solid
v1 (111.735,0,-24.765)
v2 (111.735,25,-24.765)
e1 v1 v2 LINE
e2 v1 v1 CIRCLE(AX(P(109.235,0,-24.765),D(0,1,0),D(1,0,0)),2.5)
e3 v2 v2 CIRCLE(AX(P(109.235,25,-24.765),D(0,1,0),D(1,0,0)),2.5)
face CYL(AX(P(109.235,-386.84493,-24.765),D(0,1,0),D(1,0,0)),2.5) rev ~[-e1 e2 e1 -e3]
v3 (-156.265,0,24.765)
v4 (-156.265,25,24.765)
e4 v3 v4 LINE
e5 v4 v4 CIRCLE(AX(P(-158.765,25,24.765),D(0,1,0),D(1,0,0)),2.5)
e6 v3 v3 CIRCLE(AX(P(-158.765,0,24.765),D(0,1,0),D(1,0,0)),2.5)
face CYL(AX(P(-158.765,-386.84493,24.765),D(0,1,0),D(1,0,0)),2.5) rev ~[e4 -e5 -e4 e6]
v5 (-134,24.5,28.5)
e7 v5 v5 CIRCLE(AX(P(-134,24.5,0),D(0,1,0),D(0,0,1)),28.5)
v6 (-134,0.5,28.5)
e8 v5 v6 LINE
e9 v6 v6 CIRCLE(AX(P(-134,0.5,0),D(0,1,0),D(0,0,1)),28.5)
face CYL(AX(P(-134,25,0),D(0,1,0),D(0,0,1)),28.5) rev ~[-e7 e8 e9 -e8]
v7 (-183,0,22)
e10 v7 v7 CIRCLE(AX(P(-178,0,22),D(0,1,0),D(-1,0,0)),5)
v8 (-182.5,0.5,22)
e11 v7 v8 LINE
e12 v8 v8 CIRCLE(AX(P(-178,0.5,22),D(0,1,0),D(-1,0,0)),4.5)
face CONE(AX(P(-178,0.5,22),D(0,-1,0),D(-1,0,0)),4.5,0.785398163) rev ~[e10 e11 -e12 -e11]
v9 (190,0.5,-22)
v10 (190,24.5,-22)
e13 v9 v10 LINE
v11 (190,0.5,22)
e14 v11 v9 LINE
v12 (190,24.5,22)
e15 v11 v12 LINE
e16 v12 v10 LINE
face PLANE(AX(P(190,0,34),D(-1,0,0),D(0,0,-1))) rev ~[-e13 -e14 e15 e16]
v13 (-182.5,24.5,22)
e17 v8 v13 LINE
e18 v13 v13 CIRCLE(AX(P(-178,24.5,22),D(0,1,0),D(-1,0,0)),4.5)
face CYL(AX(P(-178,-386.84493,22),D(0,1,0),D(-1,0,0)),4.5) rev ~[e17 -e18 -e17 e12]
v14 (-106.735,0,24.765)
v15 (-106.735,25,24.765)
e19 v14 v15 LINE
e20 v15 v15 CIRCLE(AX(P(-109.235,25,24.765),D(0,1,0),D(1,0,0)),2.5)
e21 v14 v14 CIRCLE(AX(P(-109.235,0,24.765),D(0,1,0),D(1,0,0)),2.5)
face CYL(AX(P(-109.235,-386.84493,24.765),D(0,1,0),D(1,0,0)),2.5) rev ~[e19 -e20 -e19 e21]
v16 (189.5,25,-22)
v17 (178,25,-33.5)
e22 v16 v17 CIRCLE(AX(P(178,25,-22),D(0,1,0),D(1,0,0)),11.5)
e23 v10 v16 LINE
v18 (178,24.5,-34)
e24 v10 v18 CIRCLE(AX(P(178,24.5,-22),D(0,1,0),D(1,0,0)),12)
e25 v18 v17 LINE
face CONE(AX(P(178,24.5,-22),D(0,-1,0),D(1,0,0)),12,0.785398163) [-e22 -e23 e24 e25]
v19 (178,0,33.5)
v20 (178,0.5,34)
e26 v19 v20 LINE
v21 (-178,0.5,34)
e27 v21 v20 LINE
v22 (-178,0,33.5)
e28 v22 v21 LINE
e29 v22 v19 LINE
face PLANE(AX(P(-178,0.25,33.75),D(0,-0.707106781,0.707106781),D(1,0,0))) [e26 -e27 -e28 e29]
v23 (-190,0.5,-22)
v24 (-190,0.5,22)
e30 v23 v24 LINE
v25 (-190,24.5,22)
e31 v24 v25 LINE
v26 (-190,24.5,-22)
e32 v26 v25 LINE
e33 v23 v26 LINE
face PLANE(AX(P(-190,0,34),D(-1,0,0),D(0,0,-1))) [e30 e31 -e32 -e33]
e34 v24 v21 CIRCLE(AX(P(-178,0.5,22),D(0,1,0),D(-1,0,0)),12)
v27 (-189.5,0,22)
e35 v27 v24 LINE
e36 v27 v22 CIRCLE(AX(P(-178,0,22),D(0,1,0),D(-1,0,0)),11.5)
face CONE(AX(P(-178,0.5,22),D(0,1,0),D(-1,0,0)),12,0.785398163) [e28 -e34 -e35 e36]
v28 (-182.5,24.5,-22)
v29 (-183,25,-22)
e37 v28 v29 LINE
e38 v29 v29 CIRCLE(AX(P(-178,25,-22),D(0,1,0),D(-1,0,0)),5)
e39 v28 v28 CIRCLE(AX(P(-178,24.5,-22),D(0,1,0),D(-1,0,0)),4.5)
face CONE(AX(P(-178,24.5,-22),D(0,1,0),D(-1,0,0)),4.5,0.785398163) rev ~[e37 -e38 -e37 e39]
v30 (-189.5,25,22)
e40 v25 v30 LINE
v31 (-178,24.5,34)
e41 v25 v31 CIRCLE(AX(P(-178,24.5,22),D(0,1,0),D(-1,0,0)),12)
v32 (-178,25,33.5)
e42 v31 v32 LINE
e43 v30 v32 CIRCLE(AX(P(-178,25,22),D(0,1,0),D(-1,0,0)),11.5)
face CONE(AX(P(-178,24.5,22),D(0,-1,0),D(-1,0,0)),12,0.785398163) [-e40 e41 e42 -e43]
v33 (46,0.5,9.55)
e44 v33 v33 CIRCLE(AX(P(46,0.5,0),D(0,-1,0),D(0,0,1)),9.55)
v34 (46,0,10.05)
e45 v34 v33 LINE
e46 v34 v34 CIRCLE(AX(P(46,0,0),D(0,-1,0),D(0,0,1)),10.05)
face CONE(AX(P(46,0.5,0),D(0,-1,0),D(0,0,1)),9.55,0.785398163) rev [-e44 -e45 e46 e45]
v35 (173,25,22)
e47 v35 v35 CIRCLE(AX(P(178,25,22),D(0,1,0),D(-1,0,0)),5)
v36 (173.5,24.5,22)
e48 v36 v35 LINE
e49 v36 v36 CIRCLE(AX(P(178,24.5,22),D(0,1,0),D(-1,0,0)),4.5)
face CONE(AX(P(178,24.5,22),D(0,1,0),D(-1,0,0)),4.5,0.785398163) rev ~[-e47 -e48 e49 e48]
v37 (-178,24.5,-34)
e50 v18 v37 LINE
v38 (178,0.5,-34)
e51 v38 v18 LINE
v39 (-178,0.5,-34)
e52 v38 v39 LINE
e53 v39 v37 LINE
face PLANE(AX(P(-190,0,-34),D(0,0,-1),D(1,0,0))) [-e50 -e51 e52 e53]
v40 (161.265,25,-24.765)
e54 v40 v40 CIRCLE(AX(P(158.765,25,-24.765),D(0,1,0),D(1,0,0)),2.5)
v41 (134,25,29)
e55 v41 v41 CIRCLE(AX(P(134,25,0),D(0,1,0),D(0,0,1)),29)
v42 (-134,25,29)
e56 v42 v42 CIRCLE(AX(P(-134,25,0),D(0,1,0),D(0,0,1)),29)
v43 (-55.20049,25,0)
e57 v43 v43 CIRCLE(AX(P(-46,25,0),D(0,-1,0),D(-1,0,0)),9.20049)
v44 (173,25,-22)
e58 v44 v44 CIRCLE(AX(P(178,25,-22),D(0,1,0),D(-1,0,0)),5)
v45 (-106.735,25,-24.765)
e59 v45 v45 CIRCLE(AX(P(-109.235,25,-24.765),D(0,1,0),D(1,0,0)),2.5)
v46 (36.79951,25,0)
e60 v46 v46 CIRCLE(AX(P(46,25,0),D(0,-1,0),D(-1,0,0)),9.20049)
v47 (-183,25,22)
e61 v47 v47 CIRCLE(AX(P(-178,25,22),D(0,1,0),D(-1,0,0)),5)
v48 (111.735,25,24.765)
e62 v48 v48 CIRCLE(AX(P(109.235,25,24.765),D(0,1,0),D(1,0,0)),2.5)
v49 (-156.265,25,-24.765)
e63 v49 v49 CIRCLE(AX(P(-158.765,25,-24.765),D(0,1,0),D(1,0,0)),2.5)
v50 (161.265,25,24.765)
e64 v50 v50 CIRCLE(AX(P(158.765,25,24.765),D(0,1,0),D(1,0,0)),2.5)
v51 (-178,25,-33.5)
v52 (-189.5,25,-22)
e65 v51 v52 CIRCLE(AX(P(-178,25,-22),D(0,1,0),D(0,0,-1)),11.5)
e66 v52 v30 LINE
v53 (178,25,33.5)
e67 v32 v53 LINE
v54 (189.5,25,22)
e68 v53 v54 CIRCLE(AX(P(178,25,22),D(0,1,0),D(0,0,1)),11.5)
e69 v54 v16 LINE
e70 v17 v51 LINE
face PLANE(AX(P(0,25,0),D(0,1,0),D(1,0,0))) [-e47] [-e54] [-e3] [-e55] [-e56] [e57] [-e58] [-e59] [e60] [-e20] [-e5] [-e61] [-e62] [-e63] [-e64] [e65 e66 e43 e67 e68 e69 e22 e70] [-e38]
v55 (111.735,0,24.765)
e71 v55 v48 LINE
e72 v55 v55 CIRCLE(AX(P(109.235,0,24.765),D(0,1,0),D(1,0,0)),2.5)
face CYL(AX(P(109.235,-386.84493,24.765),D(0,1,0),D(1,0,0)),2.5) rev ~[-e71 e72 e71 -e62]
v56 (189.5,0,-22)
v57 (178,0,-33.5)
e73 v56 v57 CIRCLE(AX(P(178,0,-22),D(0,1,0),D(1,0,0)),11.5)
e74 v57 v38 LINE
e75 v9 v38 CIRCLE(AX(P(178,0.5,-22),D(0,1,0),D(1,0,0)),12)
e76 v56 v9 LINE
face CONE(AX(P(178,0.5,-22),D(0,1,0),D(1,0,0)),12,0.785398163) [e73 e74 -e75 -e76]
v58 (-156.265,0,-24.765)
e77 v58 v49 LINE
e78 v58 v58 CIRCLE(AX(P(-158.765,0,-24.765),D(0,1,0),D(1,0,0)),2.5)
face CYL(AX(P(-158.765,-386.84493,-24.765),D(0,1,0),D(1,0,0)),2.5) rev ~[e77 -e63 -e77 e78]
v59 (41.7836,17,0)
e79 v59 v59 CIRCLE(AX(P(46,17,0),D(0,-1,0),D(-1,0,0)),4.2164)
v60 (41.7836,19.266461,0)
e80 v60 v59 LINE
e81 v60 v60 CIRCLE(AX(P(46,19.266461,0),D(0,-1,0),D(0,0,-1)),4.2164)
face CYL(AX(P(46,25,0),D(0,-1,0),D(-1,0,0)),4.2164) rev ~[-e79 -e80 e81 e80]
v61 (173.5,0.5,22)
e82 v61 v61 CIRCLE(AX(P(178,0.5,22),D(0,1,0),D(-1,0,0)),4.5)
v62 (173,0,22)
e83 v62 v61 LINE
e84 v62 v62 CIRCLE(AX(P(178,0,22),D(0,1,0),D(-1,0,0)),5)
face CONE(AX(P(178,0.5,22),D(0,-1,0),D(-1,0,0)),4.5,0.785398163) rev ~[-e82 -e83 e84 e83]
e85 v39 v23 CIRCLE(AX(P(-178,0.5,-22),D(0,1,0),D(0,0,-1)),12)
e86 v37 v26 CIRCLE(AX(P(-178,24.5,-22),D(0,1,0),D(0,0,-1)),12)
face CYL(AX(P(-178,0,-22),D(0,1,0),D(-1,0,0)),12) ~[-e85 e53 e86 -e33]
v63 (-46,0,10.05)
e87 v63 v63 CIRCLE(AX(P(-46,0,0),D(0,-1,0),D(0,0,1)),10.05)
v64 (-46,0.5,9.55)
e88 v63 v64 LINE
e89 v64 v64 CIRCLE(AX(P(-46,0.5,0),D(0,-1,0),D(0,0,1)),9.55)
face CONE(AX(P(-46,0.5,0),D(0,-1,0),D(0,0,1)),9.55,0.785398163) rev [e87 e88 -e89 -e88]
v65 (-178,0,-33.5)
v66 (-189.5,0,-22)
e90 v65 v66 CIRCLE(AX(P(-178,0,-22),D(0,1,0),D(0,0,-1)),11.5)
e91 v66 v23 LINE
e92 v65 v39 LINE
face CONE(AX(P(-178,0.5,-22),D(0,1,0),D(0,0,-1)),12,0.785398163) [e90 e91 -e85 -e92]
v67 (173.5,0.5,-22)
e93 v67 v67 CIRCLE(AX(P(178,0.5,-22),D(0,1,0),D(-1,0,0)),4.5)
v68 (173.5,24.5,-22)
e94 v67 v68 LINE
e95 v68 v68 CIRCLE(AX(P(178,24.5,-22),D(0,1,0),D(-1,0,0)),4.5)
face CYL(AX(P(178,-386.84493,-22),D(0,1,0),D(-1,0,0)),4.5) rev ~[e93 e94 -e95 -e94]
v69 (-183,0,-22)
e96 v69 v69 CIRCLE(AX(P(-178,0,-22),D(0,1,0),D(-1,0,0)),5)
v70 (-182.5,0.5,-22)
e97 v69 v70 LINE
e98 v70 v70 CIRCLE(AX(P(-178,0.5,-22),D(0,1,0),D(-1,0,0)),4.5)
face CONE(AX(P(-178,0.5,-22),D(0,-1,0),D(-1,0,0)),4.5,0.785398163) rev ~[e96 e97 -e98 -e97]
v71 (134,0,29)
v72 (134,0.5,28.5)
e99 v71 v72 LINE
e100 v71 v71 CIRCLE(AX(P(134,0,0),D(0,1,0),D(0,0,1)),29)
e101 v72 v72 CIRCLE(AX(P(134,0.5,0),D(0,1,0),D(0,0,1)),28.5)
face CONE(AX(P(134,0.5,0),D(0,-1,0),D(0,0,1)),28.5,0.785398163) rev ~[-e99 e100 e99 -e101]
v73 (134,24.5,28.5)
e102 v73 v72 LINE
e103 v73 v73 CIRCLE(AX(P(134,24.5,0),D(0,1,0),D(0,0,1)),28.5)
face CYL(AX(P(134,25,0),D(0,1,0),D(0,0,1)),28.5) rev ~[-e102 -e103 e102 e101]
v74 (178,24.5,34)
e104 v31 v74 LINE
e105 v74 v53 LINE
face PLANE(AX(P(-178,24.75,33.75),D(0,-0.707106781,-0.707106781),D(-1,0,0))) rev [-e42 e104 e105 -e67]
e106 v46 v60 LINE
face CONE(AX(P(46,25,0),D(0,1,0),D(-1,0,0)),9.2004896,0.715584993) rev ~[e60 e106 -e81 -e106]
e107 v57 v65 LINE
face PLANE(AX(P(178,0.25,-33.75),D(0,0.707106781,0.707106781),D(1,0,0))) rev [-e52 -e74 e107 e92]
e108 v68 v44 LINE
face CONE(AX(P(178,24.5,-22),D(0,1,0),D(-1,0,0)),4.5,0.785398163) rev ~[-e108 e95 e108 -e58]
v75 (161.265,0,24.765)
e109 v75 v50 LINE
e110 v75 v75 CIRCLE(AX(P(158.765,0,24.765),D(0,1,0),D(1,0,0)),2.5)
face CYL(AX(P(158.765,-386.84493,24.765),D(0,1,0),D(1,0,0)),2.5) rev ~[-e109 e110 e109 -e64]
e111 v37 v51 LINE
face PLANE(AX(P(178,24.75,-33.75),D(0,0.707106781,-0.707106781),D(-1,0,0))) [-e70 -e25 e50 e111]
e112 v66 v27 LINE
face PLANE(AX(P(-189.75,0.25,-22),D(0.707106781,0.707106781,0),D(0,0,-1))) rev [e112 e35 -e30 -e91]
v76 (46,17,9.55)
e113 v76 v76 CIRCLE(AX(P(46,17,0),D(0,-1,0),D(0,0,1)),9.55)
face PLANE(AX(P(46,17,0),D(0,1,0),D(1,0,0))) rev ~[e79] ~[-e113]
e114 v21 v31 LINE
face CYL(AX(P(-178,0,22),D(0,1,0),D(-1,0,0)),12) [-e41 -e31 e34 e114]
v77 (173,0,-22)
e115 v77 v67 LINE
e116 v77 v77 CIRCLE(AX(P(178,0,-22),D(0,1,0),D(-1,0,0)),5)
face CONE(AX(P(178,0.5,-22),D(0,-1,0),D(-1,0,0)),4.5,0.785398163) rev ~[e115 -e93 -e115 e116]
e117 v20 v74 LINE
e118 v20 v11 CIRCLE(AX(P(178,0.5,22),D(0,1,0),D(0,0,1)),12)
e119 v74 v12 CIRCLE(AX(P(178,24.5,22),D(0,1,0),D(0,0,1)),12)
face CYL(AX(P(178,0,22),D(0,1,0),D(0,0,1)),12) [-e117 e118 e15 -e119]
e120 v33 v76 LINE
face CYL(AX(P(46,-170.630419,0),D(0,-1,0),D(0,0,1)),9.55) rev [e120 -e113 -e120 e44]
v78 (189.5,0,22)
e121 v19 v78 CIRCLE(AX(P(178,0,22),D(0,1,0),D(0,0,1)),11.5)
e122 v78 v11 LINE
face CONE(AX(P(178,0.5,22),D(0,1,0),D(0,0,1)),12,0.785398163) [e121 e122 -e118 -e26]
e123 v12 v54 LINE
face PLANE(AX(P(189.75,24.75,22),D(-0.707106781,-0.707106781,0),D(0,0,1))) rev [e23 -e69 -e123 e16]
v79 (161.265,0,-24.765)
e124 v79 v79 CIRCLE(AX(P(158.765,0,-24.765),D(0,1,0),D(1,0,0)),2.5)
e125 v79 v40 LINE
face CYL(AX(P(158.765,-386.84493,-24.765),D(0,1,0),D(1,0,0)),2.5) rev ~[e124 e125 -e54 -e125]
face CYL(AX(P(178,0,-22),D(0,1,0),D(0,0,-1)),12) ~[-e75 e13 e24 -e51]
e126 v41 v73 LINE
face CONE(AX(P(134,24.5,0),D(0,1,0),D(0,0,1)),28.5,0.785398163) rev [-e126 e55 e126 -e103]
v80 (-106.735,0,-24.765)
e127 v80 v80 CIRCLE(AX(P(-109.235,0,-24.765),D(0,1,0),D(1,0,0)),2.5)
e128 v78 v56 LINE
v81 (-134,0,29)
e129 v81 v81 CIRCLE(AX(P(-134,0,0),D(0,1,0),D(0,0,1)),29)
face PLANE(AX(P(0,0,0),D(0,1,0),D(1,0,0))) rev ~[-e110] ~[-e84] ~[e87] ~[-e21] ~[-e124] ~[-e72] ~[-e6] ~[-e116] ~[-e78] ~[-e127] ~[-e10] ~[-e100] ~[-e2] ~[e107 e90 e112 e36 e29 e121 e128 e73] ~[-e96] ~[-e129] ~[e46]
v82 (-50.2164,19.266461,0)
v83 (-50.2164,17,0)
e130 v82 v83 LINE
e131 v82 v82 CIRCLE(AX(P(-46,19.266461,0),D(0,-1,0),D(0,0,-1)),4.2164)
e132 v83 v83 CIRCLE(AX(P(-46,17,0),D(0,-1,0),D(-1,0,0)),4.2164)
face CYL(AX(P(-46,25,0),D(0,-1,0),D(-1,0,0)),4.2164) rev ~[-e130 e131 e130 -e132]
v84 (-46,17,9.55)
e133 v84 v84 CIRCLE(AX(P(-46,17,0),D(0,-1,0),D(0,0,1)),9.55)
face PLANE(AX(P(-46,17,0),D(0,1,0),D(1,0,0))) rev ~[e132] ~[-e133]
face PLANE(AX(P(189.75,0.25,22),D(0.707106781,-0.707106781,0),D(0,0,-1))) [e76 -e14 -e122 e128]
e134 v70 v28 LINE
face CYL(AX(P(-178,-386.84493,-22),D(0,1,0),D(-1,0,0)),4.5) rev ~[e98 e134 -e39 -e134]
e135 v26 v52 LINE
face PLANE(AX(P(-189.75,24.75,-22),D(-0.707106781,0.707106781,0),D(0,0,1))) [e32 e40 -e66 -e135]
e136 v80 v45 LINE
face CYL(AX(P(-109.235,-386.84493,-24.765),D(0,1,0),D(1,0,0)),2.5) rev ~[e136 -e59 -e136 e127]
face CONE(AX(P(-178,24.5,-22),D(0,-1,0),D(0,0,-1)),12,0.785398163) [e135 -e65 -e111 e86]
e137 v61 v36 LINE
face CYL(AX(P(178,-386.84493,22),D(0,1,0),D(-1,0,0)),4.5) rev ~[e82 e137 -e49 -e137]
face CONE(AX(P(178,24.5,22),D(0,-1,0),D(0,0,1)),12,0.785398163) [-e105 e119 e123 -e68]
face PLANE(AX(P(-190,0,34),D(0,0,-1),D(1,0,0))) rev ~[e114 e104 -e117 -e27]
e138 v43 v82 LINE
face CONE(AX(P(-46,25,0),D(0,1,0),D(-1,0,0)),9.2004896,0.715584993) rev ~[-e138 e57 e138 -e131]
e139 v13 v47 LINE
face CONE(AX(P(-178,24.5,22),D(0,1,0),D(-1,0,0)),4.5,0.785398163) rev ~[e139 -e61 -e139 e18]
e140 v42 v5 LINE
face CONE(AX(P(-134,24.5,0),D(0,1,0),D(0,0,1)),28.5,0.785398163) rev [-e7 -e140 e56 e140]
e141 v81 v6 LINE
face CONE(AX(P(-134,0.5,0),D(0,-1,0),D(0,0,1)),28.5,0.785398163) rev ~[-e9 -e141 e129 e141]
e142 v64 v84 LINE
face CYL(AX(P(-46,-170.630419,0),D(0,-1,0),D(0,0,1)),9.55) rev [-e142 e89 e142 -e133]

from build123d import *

# Parameters (mm, degrees)
SKETCH1_W                                            = 380
SKETCH1_H                                            = 68
BOSS_EXTRUDE1_DEPTH                                  = 25
SKETCH2_R                                            = 28.5
CUT_EXTRUDE1_DEPTH                                   = 195.630419
CUT_EXTRUDE2_DEPTH                                   = 195.630419
CUT_EXTRUDE2_DEPTH_BACK                              = 195.630419
SKETCH4_R                                            = 9.55
CHAMFER1_SIZE                                        = 0.5
FILLET1_R                                            = 12
M8_CLEARANCE_HOLE1_D                                 = 9
CHAMFER2_SIZE                                        = 0.5
CHAMFER3_SIZE                                        = 0.5
M6X1_0_TAPPED_HOLE1_D                                = 5
SKETCH13_R                                           = 13.411040831
SKETCH13_R_2                                         = 14.724493856
BOSS_EXTRUDE3_DEPTH                                  = 8
CSK_FOR_5_16_FLAT_HEAD_SOCKET_CAP_SCREW1_D           = 8.4328
CSK_FOR_5_16_FLAT_HEAD_SOCKET_CAP_SCREW1_CSINK_D     = 18.4009792
CSK_FOR_5_16_FLAT_HEAD_SOCKET_CAP_SCREW1_CSINK_ANGLE = 82


with BuildPart() as part:
    # Sketch1 → Boss-Extrude1 (new body)
    with BuildSketch(Plane(origin=(0, 0, 0), x_dir=(1, 0, 0), z_dir=(0, 1, 0))):
        Rectangle(SKETCH1_W, SKETCH1_H)
    extrude(amount=BOSS_EXTRUDE1_DEPTH)

    # Sketch2 → Cut-Extrude1 (cut, through all)
    with BuildSketch(Plane(origin=(0, 25, 0), x_dir=(1, 0, 0), z_dir=(0, 1, 0))):
        with Locations(Location((-134, 0, 0), (0, 0, 270))):
            Circle(SKETCH2_R)
        with Locations(Location((134, 0, 0), (0, 0, 270))):
            Circle(SKETCH2_R)
    extrude(amount=-CUT_EXTRUDE1_DEPTH, mode=Mode.SUBTRACT)

    # Sketch4 → Cut-Extrude2 (cut, two sides: drawn at the far end of the back side and taken through both)
    with BuildSketch(Plane(origin=(0, 25, 0), x_dir=(1, 0, 0), z_dir=(0, 1, 0)).offset(-CUT_EXTRUDE2_DEPTH_BACK)):
        with Locations(Location((-46, 0, 0), (0, 0, 270))):
            Circle(SKETCH4_R)
        with Locations(Location((46, 0, 0), (0, 0, 270))):
            Circle(SKETCH4_R)
    extrude(amount=CUT_EXTRUDE2_DEPTH + CUT_EXTRUDE2_DEPTH_BACK, mode=Mode.SUBTRACT)

    # Chamfer1
    chamfer1_edges = [part.edges().sort_by_distance(p)[0] for p in [
        (-134, 0, -28.5),
        (-134, 25, -28.5),
        (134, 0, -28.5),
        (134, 25, -28.5),
        (-46, 0, -9.55),
        (-46, 25, -9.55),
        (46, 0, -9.55),
        (46, 25, -9.55),
    ]]
    chamfer(chamfer1_edges, length=CHAMFER1_SIZE)

    # Fillet1
    fillet1_edges = [part.edges().sort_by_distance(p)[0] for p in [
        (190, 12.5, 34),
        (-190, 12.5, 34),
        (-190, 12.5, -34),
        (190, 12.5, -34),
    ]]
    fillet(fillet1_edges, radius=FILLET1_R)

    # M8 Clearance Hole1 (through all)
    with Locations(Plane.XZ):
        with Locations((-178, -22), (-178, 22), (178, -22), (178, 22)):
            Hole(M8_CLEARANCE_HOLE1_D / 2)

    # Chamfer2
    chamfer2_edges = [part.edges().sort_by_distance(p)[0] for p in [
        (190, 0, 0),
        (0, 0, 34),
        (-190, 0, 0),
        (0, 0, -34),
        (-186.485281374, 0, 30.485281374),
        (-186.485281374, 0, -30.485281374),
        (186.485281374, 0, -30.485281374),
        (186.485281374, 0, 30.485281374),
    ]]
    chamfer(chamfer2_edges, length=CHAMFER2_SIZE)

    # Chamfer3
    chamfer3_edges = [part.edges().sort_by_distance(p)[0] for p in [
        (-173.5, 0, 22),
        (-173.5, 25, 22),
        (-173.5, 0, -22),
        (-173.5, 25, -22),
        (190, 25, 0),
        (0, 25, 34),
        (0, 25, -34),
        (-190, 25, 0),
        (-186.485281374, 25, 30.485281374),
        (-186.485281374, 25, -30.485281374),
        (186.485281374, 25, -30.485281374),
        (186.485281374, 25, 30.485281374),
        (182.5, 0, 22),
        (182.5, 25, 22),
        (182.5, 0, -22),
        (182.5, 25, -22),
    ]]
    chamfer(chamfer3_edges, length=CHAMFER3_SIZE)

    # M6x1.0 Tapped Hole1 (through all)
    with Locations(Plane(origin=(0, 0, 0), x_dir=(-1, 0, 0), z_dir=(0, -1, 0))):
        with Locations((158.765, -24.765), (109.235, -24.765), (109.235, 24.765), (158.765, 24.765), (-109.235, -24.765), (-158.765, -24.765), (-109.235, 24.765), (-158.765, 24.765)):
            Hole(M6X1_0_TAPPED_HOLE1_D / 2)

    # Sketch13 → Boss-Extrude3 (add)
    with BuildSketch(Plane(origin=(0, 25, 0), x_dir=(1, 0, 0), z_dir=(0, 1, 0))):
        with Locations((46, 0)):
            Circle(SKETCH13_R)
        with Locations((-46, 0)):
            Circle(SKETCH13_R_2)
    extrude(amount=-BOSS_EXTRUDE3_DEPTH)

    # CSK for 5/16 Flat Head Socket Cap Screw1 (through all)
    with Locations(Plane(origin=(0, 25, 0), x_dir=(1, 0, 0), z_dir=(0, 1, 0))):
        with Locations((46, 0), (-46, 0)):
            CounterSinkHole(CSK_FOR_5_16_FLAT_HEAD_SOCKET_CAP_SCREW1_D / 2, CSK_FOR_5_16_FLAT_HEAD_SOCKET_CAP_SCREW1_CSINK_D / 2, counter_sink_angle=CSK_FOR_5_16_FLAT_HEAD_SOCKET_CAP_SCREW1_CSINK_ANGLE)


solid = part.part
